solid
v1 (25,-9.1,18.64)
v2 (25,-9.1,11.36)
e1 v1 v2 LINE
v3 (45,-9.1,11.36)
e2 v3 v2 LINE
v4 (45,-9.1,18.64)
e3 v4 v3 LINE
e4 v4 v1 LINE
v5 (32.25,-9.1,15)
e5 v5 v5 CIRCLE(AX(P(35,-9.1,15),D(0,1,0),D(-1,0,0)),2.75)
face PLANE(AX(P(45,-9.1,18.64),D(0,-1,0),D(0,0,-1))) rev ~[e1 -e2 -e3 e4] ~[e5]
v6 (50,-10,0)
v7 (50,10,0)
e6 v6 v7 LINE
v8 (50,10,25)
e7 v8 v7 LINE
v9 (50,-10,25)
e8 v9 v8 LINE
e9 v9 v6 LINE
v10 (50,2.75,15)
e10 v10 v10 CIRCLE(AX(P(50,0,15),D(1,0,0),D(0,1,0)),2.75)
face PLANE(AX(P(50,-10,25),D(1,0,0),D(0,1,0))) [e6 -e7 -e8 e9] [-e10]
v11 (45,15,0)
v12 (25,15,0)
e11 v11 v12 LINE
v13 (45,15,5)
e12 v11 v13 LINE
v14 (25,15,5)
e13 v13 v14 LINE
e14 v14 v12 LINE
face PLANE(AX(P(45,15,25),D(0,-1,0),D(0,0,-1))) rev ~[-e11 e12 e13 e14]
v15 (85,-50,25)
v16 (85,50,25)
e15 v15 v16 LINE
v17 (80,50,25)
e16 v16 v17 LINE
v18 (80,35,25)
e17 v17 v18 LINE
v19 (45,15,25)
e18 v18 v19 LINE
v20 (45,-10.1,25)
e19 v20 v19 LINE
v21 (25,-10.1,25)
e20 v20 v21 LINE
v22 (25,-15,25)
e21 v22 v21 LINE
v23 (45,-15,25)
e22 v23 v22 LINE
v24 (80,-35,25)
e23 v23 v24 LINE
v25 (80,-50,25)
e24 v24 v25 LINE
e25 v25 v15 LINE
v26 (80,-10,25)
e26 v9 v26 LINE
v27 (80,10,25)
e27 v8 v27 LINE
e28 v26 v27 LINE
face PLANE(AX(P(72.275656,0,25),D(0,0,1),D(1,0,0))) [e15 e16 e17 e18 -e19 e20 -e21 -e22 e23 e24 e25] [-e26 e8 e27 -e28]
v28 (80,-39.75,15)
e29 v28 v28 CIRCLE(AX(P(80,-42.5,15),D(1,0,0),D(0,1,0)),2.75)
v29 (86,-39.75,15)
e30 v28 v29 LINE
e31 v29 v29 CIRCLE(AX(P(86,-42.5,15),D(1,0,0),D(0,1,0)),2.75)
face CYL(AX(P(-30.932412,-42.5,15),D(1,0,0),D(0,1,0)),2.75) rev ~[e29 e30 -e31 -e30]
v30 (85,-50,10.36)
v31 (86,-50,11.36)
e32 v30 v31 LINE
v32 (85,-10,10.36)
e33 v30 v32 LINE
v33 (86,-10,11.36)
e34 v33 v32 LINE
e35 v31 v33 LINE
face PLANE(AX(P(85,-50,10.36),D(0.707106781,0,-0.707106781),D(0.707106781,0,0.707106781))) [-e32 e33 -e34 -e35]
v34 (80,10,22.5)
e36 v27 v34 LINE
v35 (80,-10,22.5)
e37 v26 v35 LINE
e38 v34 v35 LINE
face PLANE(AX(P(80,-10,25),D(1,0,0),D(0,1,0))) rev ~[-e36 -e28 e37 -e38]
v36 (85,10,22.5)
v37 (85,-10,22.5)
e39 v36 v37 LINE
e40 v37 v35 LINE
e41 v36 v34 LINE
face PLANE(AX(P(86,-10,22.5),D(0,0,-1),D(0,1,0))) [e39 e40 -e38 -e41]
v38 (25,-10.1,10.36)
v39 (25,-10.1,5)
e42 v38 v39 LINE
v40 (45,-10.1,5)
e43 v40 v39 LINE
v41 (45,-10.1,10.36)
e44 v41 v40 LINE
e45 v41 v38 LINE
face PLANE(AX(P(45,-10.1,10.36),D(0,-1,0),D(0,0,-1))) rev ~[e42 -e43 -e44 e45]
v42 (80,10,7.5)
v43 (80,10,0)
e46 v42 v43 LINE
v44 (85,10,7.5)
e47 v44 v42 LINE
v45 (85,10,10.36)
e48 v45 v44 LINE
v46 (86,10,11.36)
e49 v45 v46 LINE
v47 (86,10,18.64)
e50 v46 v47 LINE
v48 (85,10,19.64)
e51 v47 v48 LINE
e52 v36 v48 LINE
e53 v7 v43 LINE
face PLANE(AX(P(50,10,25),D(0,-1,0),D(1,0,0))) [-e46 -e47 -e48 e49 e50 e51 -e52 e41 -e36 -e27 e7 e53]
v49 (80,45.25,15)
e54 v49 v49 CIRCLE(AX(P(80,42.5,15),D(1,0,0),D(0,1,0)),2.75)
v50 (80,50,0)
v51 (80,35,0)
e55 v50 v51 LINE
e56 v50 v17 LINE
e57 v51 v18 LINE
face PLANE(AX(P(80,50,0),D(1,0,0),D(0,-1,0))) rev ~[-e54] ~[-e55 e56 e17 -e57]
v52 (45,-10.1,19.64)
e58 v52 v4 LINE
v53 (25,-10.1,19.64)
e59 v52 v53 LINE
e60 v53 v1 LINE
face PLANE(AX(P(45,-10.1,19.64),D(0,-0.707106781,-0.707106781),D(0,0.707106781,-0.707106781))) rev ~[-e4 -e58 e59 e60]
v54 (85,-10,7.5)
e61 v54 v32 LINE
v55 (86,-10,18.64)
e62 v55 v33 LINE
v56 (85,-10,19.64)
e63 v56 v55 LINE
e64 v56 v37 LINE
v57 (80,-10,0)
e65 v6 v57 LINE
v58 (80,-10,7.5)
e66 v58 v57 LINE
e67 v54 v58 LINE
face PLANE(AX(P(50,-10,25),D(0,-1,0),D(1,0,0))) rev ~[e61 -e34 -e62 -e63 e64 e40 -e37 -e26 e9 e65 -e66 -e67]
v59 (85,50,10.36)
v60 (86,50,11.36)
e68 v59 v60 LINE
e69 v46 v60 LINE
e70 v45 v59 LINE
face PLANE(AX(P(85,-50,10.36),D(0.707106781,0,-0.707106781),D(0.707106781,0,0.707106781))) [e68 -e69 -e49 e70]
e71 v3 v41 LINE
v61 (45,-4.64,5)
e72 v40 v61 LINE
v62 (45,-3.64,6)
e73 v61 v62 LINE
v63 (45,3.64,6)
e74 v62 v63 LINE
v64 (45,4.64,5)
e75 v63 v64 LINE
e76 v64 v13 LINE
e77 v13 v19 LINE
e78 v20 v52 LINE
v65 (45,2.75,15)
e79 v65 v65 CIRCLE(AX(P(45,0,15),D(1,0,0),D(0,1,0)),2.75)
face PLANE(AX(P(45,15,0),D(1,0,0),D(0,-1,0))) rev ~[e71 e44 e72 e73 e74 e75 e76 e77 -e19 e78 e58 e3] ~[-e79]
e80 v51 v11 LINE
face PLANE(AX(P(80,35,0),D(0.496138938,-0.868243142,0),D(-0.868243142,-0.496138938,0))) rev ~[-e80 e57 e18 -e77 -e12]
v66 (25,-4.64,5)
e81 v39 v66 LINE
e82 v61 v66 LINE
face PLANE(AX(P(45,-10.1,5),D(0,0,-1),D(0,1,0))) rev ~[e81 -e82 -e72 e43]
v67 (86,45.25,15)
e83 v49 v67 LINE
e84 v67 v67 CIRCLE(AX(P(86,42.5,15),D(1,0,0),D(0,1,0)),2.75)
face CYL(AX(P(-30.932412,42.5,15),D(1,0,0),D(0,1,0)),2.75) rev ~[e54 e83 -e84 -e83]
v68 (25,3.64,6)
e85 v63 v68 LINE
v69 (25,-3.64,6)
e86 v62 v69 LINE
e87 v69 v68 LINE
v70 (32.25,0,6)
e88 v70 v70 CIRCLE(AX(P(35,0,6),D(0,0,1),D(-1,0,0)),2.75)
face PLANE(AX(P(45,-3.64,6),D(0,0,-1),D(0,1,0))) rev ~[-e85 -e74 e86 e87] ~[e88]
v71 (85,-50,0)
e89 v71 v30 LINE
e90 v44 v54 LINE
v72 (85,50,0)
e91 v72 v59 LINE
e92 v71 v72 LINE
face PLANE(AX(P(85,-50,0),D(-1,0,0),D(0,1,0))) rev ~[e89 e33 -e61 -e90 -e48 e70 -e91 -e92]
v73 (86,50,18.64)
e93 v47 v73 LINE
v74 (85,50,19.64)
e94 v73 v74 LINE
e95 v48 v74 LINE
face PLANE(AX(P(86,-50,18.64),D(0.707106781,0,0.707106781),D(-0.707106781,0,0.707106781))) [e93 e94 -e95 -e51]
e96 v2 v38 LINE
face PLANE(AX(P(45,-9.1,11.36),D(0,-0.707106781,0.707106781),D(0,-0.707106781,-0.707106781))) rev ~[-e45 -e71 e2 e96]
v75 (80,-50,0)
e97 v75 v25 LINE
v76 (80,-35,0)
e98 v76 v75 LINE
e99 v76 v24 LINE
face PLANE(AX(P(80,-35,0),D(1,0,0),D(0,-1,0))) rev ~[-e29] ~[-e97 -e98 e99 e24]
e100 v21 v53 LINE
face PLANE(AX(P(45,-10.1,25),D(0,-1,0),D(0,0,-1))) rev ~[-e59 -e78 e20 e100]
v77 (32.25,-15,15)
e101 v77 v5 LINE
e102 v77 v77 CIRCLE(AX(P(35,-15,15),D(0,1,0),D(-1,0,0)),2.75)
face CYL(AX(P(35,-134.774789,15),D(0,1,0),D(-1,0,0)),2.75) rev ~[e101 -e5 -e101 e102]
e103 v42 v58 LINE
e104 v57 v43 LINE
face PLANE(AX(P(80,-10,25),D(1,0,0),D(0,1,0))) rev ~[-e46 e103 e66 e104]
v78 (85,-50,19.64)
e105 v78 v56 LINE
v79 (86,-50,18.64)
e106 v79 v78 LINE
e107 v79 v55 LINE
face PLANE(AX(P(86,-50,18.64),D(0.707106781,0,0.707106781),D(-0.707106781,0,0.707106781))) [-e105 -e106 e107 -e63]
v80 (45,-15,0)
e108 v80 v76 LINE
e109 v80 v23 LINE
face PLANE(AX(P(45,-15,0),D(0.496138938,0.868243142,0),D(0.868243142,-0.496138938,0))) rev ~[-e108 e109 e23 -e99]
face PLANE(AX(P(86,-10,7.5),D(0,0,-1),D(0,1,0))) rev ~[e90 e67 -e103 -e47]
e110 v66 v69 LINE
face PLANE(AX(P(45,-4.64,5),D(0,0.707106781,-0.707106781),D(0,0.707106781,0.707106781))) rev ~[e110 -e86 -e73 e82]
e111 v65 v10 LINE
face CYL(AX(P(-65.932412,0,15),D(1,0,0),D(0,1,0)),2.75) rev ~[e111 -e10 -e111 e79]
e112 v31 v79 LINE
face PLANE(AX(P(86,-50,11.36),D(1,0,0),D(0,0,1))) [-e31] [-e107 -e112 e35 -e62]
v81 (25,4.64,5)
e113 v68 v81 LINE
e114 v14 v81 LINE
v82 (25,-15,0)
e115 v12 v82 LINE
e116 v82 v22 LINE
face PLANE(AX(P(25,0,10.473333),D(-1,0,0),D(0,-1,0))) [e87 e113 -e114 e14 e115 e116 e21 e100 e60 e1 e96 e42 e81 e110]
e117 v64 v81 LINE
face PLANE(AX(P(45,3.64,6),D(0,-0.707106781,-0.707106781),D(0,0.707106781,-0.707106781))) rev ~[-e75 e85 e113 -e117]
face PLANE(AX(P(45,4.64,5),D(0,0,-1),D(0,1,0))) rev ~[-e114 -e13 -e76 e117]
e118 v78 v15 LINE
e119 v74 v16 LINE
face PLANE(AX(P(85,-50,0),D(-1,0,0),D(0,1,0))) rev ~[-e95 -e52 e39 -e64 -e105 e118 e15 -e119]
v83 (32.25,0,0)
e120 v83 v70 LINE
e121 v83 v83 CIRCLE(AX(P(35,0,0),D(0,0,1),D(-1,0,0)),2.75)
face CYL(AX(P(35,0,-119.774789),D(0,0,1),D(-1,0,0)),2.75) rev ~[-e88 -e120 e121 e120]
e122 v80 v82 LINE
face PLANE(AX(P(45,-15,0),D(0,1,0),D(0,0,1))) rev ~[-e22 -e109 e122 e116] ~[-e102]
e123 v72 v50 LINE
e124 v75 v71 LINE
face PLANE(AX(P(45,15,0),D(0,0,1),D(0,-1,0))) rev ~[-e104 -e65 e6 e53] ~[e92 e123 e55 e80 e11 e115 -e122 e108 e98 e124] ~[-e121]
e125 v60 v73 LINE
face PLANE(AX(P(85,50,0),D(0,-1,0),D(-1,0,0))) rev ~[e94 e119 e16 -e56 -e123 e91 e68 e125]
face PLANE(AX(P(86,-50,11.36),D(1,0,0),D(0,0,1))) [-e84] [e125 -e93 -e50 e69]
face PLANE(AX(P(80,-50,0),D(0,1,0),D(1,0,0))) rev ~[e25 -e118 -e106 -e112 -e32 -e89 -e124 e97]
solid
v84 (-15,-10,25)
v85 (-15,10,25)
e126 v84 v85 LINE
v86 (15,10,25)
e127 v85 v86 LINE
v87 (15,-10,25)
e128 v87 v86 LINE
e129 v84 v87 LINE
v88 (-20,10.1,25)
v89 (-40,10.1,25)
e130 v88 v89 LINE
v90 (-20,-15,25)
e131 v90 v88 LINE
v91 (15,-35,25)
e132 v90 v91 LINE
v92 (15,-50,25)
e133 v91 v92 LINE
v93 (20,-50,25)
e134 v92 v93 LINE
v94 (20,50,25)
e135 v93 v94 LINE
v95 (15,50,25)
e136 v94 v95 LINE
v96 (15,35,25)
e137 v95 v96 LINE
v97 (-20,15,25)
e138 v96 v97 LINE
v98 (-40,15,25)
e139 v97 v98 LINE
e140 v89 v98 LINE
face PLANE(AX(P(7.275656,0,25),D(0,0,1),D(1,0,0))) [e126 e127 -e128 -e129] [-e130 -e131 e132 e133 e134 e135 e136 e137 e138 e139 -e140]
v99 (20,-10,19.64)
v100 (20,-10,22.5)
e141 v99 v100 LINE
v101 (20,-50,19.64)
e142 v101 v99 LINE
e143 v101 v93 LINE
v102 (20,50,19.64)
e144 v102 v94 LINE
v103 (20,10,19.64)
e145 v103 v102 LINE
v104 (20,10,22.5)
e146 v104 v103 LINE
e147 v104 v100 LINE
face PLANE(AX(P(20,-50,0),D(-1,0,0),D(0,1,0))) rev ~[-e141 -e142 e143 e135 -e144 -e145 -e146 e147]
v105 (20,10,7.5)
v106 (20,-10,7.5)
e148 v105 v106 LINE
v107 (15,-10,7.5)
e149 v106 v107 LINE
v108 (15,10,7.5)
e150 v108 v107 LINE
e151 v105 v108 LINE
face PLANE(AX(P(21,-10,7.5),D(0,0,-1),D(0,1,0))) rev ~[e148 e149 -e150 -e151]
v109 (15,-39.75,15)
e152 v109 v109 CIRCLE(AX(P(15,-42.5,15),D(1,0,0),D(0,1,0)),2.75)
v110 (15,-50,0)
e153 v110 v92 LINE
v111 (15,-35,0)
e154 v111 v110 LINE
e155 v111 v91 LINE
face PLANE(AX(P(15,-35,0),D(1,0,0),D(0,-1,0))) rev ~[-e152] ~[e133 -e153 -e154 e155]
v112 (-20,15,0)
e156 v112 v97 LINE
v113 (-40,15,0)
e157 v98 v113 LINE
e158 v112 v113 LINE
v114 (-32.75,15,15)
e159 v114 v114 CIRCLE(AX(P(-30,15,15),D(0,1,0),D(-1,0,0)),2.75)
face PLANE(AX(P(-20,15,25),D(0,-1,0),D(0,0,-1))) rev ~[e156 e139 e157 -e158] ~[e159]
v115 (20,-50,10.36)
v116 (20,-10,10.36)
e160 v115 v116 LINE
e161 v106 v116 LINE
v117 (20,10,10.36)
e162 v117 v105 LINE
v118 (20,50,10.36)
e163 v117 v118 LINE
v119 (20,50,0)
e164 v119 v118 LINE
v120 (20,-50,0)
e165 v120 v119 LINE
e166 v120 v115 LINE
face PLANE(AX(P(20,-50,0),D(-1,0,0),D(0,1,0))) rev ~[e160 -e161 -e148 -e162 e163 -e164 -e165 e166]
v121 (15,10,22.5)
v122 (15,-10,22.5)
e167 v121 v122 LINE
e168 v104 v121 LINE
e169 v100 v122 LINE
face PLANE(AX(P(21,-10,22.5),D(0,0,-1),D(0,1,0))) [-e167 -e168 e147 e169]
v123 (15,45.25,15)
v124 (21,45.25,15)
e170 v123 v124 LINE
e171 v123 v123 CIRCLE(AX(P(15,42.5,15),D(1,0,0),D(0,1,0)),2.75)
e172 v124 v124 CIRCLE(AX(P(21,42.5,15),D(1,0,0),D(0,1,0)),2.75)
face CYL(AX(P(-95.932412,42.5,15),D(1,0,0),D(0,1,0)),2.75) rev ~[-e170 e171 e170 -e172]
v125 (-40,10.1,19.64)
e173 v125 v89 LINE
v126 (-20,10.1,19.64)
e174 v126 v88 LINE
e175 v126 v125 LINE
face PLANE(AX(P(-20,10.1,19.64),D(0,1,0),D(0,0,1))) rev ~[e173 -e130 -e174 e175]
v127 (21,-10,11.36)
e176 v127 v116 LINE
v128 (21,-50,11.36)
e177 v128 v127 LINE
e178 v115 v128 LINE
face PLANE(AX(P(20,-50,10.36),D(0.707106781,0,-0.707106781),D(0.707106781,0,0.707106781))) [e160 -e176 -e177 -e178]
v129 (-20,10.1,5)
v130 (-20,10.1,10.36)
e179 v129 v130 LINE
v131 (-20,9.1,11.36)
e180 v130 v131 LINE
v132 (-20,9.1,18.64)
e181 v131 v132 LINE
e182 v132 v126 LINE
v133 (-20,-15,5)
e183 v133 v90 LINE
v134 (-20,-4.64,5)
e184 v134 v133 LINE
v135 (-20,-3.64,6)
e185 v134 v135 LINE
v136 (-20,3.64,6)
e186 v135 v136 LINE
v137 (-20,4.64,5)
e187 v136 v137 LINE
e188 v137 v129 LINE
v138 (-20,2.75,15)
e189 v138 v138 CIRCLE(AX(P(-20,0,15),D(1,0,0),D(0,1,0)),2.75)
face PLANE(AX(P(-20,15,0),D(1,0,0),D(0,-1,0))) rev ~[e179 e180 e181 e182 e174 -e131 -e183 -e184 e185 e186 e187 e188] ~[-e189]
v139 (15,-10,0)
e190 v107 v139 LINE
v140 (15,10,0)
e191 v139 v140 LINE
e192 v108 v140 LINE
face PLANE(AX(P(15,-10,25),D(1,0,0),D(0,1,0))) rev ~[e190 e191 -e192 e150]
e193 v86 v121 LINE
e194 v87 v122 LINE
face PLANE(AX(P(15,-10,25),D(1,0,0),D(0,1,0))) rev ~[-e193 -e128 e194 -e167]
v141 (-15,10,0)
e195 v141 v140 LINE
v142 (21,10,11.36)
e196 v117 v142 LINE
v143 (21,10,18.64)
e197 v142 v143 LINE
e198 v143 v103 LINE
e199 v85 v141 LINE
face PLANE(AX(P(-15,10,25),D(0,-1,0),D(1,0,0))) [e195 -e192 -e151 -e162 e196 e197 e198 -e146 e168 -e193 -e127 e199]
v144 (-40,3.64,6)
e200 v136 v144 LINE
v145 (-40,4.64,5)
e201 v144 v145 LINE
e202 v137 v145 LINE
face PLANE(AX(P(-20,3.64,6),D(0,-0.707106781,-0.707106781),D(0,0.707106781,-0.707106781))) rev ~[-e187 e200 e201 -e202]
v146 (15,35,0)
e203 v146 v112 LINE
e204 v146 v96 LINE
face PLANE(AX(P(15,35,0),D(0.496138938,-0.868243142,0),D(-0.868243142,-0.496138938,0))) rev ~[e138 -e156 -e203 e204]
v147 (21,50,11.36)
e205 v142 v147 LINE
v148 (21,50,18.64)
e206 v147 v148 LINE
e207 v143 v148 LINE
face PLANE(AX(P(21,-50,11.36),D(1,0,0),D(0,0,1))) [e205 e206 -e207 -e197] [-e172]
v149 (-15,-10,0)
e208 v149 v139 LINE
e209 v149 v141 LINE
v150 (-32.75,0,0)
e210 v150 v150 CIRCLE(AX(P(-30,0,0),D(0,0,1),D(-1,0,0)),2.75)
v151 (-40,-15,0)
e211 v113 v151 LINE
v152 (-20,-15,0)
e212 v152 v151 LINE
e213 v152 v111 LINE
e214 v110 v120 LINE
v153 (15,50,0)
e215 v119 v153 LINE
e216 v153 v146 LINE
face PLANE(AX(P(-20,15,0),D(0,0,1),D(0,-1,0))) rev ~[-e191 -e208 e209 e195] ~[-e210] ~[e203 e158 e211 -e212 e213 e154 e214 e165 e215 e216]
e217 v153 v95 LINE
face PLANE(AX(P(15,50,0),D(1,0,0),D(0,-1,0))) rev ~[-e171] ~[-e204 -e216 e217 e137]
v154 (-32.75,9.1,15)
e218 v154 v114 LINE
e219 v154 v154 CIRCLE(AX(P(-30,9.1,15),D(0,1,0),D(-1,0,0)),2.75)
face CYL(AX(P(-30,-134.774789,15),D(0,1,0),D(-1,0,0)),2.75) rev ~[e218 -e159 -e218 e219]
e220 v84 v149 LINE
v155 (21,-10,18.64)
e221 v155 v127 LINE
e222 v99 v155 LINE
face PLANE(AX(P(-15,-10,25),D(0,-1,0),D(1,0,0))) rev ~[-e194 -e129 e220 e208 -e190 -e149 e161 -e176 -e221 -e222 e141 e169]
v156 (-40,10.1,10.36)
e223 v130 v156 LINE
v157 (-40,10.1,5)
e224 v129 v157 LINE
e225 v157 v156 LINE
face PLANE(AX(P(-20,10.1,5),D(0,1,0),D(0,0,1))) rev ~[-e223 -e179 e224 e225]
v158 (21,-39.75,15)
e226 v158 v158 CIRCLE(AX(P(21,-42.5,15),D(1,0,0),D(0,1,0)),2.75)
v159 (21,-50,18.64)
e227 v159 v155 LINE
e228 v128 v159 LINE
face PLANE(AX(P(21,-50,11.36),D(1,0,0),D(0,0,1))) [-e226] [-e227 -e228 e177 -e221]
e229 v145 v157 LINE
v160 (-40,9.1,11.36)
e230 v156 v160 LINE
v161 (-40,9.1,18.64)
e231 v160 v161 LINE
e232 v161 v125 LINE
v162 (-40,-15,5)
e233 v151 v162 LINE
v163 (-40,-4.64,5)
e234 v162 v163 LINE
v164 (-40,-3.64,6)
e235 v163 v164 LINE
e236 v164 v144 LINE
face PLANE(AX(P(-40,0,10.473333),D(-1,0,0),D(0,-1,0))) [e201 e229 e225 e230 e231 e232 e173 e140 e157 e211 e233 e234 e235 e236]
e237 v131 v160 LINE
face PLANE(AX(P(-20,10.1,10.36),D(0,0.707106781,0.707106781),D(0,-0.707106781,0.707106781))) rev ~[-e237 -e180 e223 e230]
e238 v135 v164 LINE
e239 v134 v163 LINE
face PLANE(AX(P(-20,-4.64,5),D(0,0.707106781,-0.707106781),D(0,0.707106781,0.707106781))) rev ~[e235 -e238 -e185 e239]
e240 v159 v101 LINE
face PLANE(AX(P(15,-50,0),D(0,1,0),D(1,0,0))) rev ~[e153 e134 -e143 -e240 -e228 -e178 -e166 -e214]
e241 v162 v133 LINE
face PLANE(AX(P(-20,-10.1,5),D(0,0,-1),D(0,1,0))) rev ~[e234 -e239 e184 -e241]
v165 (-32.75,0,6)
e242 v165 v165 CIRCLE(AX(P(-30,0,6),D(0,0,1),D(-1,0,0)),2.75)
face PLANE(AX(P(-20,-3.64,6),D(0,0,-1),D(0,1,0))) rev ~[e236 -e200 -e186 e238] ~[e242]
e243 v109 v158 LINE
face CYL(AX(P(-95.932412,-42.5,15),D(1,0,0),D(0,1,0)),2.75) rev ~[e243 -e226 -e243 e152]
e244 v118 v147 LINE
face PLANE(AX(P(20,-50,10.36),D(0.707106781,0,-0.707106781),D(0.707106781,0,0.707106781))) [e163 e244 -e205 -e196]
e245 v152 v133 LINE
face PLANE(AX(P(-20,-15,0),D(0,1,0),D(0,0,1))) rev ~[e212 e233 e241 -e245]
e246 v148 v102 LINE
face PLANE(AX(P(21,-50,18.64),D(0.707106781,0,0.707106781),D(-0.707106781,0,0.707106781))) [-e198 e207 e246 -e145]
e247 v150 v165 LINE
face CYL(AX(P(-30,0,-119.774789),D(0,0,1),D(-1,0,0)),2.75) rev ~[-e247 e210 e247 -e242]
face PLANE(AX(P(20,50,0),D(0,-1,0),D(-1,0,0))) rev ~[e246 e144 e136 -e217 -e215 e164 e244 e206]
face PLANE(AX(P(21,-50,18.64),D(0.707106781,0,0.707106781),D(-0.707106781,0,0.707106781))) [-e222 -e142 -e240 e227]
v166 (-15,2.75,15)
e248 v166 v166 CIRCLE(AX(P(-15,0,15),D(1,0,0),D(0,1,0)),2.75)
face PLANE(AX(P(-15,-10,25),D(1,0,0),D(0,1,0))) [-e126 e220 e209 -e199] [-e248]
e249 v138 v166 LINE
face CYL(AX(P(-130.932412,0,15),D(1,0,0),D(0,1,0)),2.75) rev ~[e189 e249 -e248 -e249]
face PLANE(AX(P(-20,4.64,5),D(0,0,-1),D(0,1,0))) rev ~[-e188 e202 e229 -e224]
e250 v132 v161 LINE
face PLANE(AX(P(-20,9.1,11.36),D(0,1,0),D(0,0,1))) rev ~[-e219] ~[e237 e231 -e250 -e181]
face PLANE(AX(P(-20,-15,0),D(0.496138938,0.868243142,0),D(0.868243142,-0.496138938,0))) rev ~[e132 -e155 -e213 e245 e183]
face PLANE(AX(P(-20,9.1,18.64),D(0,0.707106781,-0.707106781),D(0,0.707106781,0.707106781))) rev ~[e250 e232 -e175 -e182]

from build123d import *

# Parameters (mm, degrees)
F1_DEPTH      = 25
F3_DEPTH      = 100
F4_W          = 20
F4_H          = 3.86
F4_H_2        = 7.28
F5_DEPTH      = 35
F5_DEPTH_BACK = 10
F6_W          = 30
F6_H          = 20
F7_DEPTH      = 25.001
F10_D         = 5.5
F10_ON_F9_D   = 5.5
F12_DEPTH     = 20
F15_D         = 5.5
F15_ON_F13_D  = 5.5
F17_W         = 20
F17_H         = 20
F17_R         = 2.75
F18_DEPTH     = 5.9
F19_W         = 20
F19_H         = 20
F19_R         = 2.75
F20_DEPTH     = 5.9


with BuildPart() as f1:
    # F0 (on Top) → F1 (new body)
    with BuildSketch(Plane.XY):
        Polygon((15, -50), (20, -50), (20, 50), (15, 50), (15, 35), (-20, 15), (-20, 10), (-20, -10), (-20, -15), (15, -35), align=None)
    extrude(amount=F1_DEPTH)

    # F2 (on face) → F3 (join, through all)
    with BuildSketch(Plane.XZ.offset(50)):
        Polygon((21, 18.64), (20, 19.64), (20, 10.36), (21, 11.36), align=None)
    extrude(amount=-F3_DEPTH)

    # F4 (on face) → F5 (cut, two sides)
    with BuildSketch(Plane.YZ.offset(21)) as f5_sk:
        with Locations((0, 20.57)):
            Rectangle(F4_W, F4_H)
        with Locations((0, 9.43)):
            Rectangle(F4_W, F4_H)
        with Locations((0, 15)):
            Rectangle(F4_W, F4_H_2)
    extrude(amount=-F5_DEPTH, mode=Mode.SUBTRACT)
    extrude(f5_sk.sketch, amount=F5_DEPTH_BACK, mode=Mode.SUBTRACT)

    # F6 (on face) → F7 (cut, through all)
    with BuildSketch(Plane.XY.offset(25)):
        Rectangle(F6_W, F6_H)
    extrude(amount=-F7_DEPTH, mode=Mode.SUBTRACT)

    # F10 (through all)
    with Locations(Plane(origin=(15, 0, 0), x_dir=(0, -1, 0), z_dir=(-1, 0, 0))):
        with Locations((-42.5, 15), (42.5, 15)):
            Hole(F10_D / 2)

    # F10 on F9 (through all)
    with Locations(Plane(origin=(-20, 0, 0), x_dir=(0, -1, 0), z_dir=(-1, 0, 0))):
        with Locations((0, 15)):
            Hole(F10_ON_F9_D / 2)

    # F11 (on face) → F12 (join)
    with BuildSketch(Plane(origin=(-20, 0, 0), x_dir=(0, -1, 0), z_dir=(-1, 0, 0))):
        Polygon((-4.64, 5), (-10.1, 5), (-10.1, 10.36), (-10.1, 19.64), (-10.1, 25), (-15, 25), (-15, 0), (15, 0), (15, 25), (10.1, 25), (10.1, 19.64), (10.1, 10.36), (10.1, 5), (4.64, 5), align=None)
        Polygon((-10.1, 19.64), (-10.1, 10.36), (-9.1, 11.36), (-9.1, 18.64), align=None)
        Polygon((-3.64, 6), (-4.64, 5), (4.64, 5), (3.64, 6), align=None)
        Polygon((9.1, 11.36), (10.1, 10.36), (10.1, 19.64), (9.1, 18.64), align=None)
    extrude(amount=F12_DEPTH)

    # F15 (through all)
    with Locations(Plane.XZ.offset(15)):
        with Locations((-30, 15)):
            Hole(F15_D / 2)

    # F15 on F13 (through all)
    with Locations(Plane(origin=(0, 0, 0), x_dir=(1, 0, 0), z_dir=(0, 0, -1))):
        with Locations((-30, 0)):
            Hole(F15_ON_F13_D / 2)


with BuildPart() as f16_1:
    # F16: copy of F1
    add(f1.part.moved(Location((65, 0, 0))))

    # F19 (on face) → F20 (cut, through all)
    with BuildSketch(Plane(origin=(0, 15, 0), x_dir=(-1, 0, 0), z_dir=(0, 1, 0))):
        with Locations((-35, 15)):
            Rectangle(F19_W, F19_H)
        with Locations((-35, 15)):
            Circle(F19_R, mode=Mode.SUBTRACT)
    extrude(amount=-F20_DEPTH, mode=Mode.SUBTRACT)


with BuildPart() as f1_1:
    add(f1.part)

    # F17 (on face) → F18 (cut, through all)
    with BuildSketch(Plane.XZ.offset(15)):
        with Locations((-30, 15)):
            Rectangle(F17_W, F17_H)
        with Locations((-30, 15)):
            Circle(F17_R, mode=Mode.SUBTRACT)
    extrude(amount=-F18_DEPTH, mode=Mode.SUBTRACT)


solid = Compound([f16_1.part, f1_1.part])
